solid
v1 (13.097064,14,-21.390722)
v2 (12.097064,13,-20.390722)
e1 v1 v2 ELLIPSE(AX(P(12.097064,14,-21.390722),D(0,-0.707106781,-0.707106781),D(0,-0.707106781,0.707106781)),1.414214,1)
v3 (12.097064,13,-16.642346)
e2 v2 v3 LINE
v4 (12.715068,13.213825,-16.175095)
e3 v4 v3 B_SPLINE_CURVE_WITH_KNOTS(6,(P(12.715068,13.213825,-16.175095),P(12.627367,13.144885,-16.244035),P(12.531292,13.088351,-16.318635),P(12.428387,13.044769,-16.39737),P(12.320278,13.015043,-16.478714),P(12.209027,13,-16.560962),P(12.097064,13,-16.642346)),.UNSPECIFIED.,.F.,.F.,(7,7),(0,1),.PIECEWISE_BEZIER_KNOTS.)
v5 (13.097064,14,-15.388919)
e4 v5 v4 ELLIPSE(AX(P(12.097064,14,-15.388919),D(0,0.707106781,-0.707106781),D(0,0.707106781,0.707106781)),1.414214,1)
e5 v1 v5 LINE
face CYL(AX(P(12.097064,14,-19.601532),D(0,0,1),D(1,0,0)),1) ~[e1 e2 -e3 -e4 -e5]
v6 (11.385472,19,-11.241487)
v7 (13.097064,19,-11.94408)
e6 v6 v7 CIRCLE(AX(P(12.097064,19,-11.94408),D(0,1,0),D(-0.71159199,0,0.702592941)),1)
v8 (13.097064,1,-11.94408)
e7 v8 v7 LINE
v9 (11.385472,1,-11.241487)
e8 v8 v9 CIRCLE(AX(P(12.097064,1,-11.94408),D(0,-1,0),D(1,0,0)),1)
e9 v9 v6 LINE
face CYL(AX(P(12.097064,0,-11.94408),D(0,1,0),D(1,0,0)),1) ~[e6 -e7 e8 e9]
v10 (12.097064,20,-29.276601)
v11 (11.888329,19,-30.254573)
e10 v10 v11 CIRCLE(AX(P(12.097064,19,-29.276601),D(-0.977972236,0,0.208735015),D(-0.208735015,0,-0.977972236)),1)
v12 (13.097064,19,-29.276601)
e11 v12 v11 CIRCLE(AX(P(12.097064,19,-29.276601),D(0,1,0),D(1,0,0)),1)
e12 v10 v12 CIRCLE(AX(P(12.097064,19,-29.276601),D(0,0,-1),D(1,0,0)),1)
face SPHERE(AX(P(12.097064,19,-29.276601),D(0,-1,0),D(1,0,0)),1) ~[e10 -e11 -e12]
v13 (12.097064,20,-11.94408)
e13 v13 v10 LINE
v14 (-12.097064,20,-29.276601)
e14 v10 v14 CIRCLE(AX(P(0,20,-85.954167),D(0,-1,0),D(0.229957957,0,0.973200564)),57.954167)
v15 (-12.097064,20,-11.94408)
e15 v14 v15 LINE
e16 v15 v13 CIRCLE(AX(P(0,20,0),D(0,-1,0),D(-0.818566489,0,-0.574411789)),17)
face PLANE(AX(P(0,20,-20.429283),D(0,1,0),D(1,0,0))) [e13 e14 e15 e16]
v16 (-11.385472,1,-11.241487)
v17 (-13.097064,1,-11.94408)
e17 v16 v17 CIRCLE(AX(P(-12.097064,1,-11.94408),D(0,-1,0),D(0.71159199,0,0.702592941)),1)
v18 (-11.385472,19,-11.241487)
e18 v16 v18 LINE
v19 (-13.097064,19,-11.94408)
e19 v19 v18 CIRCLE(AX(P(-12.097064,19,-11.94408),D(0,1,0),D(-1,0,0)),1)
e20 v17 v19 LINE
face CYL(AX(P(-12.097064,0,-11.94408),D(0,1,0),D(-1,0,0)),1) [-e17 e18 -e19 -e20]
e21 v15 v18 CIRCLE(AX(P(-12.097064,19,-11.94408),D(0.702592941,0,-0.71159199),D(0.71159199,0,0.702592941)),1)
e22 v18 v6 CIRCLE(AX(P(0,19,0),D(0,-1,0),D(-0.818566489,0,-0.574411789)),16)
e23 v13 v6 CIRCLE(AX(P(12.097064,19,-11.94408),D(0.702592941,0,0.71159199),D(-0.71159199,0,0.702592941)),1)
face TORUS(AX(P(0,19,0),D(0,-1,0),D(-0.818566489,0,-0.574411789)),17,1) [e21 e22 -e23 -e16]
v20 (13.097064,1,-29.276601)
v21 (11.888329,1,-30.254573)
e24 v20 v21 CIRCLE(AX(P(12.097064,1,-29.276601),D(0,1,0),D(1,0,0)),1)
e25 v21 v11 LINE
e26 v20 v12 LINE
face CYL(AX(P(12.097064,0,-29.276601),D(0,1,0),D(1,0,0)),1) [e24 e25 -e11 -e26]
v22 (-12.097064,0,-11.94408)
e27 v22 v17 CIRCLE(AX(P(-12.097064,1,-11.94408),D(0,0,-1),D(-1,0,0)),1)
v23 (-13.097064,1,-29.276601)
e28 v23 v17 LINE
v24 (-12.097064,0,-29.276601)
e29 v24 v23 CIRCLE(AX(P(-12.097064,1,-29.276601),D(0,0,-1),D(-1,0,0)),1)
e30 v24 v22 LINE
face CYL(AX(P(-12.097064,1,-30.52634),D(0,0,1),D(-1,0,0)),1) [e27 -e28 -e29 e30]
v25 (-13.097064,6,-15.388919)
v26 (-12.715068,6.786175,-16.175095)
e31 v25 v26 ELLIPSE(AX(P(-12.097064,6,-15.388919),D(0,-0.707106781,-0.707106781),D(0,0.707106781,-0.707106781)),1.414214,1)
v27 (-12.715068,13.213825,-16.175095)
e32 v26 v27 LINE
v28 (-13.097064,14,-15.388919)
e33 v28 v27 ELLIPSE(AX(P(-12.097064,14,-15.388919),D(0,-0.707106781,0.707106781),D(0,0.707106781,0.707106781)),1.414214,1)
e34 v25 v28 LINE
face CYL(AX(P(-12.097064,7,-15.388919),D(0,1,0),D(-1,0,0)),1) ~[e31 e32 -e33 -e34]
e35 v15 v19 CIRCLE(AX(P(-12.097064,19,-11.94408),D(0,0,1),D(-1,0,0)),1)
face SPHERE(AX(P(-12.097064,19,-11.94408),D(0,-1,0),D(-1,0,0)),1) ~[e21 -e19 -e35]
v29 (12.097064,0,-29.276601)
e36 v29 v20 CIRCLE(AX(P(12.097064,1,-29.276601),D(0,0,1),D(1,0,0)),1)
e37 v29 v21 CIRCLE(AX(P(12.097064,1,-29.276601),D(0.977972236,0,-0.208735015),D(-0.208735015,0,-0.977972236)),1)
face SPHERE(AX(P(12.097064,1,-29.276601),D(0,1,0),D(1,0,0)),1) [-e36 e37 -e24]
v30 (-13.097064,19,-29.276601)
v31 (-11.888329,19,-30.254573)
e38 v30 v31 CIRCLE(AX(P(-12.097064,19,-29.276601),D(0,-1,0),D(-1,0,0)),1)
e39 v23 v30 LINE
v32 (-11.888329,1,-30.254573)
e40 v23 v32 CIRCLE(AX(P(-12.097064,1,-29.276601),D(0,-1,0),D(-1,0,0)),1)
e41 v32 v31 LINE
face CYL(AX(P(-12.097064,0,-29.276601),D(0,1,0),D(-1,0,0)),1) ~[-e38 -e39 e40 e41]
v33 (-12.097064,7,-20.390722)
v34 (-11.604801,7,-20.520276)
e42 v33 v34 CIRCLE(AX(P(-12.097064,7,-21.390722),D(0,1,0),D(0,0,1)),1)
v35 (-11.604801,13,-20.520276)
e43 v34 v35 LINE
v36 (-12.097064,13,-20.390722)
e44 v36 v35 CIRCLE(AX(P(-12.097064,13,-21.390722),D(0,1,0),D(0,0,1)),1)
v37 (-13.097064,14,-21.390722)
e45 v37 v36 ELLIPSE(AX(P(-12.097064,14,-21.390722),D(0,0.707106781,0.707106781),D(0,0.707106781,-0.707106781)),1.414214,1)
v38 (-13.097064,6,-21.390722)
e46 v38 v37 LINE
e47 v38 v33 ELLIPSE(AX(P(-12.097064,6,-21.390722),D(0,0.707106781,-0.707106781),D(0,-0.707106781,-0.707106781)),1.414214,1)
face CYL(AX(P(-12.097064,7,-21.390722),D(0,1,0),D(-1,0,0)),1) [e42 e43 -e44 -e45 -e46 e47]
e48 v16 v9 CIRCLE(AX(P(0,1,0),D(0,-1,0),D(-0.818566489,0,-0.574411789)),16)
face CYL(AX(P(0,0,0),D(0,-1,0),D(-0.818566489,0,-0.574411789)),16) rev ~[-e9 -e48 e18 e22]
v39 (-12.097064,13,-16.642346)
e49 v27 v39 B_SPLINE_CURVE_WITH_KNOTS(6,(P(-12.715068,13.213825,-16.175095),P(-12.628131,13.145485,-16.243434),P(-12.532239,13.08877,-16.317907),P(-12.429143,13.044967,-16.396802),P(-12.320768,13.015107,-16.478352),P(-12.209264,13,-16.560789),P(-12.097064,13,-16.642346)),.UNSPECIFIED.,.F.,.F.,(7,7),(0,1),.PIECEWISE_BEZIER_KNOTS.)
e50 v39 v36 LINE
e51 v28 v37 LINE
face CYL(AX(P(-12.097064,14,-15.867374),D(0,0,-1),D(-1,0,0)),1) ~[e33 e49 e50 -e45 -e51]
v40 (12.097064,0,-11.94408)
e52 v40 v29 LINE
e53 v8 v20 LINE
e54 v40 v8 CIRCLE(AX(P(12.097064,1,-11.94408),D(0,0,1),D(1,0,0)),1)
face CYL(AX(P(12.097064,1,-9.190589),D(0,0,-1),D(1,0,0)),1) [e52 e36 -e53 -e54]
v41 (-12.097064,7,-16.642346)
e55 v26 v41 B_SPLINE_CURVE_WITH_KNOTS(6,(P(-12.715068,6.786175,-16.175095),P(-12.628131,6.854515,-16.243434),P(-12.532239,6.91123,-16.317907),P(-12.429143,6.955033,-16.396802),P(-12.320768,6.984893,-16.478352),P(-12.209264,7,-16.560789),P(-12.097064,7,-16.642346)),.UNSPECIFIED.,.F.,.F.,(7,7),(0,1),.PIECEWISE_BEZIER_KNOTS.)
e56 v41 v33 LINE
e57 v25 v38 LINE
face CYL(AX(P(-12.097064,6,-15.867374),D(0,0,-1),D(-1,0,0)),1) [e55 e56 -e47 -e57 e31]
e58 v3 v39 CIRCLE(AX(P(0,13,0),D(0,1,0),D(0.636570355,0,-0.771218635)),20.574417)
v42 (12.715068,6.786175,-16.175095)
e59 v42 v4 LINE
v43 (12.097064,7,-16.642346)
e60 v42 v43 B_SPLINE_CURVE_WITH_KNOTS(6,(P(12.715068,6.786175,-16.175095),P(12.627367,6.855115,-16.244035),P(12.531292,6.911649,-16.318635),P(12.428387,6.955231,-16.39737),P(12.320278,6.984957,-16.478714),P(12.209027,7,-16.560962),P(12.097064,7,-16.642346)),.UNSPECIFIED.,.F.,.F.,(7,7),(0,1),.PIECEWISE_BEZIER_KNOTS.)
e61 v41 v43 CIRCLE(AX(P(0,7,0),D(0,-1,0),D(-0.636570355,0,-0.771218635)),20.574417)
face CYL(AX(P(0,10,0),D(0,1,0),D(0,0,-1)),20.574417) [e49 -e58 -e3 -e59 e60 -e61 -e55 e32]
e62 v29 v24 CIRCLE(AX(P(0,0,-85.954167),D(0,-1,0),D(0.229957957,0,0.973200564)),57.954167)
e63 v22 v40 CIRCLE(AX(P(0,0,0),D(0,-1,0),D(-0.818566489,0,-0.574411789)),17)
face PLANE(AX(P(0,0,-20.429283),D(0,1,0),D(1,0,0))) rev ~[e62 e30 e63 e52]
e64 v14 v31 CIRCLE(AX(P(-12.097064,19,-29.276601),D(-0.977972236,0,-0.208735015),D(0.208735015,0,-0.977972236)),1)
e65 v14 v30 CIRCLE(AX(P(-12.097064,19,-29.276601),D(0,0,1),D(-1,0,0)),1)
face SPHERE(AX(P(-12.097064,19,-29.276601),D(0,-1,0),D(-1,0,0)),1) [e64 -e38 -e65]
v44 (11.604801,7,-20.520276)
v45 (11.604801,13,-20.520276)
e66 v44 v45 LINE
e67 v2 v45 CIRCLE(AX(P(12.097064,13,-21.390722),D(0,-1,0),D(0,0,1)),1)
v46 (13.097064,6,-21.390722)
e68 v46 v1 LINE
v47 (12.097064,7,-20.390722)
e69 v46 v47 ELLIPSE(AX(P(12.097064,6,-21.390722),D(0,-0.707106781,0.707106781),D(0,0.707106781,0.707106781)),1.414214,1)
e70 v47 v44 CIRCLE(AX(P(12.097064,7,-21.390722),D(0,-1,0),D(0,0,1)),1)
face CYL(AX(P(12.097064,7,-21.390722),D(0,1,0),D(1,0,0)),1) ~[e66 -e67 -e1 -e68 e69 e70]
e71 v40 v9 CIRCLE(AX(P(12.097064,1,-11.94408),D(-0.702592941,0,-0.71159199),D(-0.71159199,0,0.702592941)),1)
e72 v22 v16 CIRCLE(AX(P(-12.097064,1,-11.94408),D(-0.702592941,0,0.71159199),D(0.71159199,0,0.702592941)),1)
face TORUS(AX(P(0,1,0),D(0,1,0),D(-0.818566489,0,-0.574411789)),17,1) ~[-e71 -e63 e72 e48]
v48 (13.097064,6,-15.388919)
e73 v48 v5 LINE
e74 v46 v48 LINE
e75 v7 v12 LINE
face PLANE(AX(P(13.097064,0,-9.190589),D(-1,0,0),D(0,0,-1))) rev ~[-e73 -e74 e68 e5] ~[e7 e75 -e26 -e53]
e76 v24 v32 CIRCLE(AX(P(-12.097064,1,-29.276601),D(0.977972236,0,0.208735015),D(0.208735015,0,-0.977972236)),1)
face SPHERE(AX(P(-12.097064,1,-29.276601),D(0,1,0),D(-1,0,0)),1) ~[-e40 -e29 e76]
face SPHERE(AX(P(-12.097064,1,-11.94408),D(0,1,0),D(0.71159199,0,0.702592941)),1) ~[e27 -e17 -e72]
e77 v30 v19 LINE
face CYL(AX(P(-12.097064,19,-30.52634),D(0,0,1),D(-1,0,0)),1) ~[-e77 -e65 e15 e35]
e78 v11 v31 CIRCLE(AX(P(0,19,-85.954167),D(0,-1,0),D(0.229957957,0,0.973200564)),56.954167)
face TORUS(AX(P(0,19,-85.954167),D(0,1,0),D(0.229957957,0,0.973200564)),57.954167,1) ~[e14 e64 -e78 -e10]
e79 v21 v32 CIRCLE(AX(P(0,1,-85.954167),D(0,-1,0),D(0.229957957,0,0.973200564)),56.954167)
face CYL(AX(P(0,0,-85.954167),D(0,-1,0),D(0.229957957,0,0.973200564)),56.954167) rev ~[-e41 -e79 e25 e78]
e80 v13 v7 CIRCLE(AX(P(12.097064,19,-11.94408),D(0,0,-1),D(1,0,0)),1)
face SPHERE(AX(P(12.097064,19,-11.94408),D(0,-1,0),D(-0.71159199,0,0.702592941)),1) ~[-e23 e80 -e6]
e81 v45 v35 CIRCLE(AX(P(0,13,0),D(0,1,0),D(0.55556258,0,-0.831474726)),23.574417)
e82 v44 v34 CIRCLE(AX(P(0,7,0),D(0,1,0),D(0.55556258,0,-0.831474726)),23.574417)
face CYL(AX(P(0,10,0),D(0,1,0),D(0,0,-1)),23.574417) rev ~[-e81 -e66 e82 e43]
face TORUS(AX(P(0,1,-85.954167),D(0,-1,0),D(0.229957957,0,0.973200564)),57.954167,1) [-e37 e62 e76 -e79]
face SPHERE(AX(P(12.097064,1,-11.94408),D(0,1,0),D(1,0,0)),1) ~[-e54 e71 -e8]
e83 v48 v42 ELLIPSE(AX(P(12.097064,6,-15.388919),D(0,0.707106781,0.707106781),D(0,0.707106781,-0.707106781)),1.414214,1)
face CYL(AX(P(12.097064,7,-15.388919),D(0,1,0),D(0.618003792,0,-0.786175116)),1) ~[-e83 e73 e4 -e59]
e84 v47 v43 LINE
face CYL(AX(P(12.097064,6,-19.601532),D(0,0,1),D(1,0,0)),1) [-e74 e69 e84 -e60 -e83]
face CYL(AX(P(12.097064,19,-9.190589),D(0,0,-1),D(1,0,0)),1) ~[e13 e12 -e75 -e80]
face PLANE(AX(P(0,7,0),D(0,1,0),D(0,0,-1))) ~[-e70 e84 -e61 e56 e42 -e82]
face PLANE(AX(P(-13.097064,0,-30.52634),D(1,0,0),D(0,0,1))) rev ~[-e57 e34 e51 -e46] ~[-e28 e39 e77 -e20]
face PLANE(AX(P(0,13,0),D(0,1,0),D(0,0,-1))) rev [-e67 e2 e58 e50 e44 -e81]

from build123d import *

# Parameters (mm, degrees)
BOSS_EXTRUDE1_DEPTH = 20
SKETCH2_W           = 3
SKETCH2_H           = 6
FILLET1_R           = 1


with BuildPart() as part:
    # Sketch1 → Boss-Extrude1 (new body)
    with BuildSketch(Plane(origin=(0, 0, 0), x_dir=(1, 0, 0), z_dir=(0, 1, 0))):
        with BuildLine():
            Line((-13.097063825, 30.526339541), (-13.097063825, 9.190588619))
            ThreePointArc((-13.097063825, 9.190588619), (0, 16), (13.097063825, 9.190588619))
            Line((13.097063825, 9.190588619), (13.097063825, 30.526339541))
            ThreePointArc((13.097063825, 30.526339541), (0, 29), (-13.097063825, 30.526339541))
        make_face()
    extrude(amount=BOSS_EXTRUDE1_DEPTH)

    # Sketch2 → Cut-Revolve1 (revolve, cut)
    with BuildSketch(Plane(origin=(0, 0, 0), x_dir=(0, 0, -1), z_dir=(1, 0, 0))):
        with Locations((22.074416819, 10)):
            Rectangle(SKETCH2_W, SKETCH2_H)
    revolve(axis=Axis((0, 0, 0), (0, 1, 0)), mode=Mode.SUBTRACT)

    # Fillet1
    fillet1_edges = [part.edges().sort_by_distance(p)[0] for p in [
        (0, 20, -16),
        (13.097063825, 13, -17.734452708),
        (13.097063825, 10, -19.601531765),
        (13.097063825, 7, -17.734452708),
        (13.097063825, 10, -15.867373652),
        (13.097063825, 20, -19.85846408),
        (-13.097063825, 10, -15.867373652),
        (-13.097063825, 7, -17.734452708),
        (-13.097063825, 10, -19.601531765),
        (-13.097063825, 13, -17.734452708),
        (0, 20, -29),
        (13.097063825, 0, -19.85846408),
        (0, 0, -16),
        (-13.097063825, 0, -19.85846408),
        (0, 0, -29),
        (13.097063825, 10, -30.526339541),
        (13.097063825, 10, -9.190588619),
        (-13.097063825, 10, -9.190588619),
        (-13.097063825, 10, -30.526339541),
        (-13.097063825, 20, -19.85846408),
    ]]
    fillet(fillet1_edges, radius=FILLET1_R)


solid = part.part
